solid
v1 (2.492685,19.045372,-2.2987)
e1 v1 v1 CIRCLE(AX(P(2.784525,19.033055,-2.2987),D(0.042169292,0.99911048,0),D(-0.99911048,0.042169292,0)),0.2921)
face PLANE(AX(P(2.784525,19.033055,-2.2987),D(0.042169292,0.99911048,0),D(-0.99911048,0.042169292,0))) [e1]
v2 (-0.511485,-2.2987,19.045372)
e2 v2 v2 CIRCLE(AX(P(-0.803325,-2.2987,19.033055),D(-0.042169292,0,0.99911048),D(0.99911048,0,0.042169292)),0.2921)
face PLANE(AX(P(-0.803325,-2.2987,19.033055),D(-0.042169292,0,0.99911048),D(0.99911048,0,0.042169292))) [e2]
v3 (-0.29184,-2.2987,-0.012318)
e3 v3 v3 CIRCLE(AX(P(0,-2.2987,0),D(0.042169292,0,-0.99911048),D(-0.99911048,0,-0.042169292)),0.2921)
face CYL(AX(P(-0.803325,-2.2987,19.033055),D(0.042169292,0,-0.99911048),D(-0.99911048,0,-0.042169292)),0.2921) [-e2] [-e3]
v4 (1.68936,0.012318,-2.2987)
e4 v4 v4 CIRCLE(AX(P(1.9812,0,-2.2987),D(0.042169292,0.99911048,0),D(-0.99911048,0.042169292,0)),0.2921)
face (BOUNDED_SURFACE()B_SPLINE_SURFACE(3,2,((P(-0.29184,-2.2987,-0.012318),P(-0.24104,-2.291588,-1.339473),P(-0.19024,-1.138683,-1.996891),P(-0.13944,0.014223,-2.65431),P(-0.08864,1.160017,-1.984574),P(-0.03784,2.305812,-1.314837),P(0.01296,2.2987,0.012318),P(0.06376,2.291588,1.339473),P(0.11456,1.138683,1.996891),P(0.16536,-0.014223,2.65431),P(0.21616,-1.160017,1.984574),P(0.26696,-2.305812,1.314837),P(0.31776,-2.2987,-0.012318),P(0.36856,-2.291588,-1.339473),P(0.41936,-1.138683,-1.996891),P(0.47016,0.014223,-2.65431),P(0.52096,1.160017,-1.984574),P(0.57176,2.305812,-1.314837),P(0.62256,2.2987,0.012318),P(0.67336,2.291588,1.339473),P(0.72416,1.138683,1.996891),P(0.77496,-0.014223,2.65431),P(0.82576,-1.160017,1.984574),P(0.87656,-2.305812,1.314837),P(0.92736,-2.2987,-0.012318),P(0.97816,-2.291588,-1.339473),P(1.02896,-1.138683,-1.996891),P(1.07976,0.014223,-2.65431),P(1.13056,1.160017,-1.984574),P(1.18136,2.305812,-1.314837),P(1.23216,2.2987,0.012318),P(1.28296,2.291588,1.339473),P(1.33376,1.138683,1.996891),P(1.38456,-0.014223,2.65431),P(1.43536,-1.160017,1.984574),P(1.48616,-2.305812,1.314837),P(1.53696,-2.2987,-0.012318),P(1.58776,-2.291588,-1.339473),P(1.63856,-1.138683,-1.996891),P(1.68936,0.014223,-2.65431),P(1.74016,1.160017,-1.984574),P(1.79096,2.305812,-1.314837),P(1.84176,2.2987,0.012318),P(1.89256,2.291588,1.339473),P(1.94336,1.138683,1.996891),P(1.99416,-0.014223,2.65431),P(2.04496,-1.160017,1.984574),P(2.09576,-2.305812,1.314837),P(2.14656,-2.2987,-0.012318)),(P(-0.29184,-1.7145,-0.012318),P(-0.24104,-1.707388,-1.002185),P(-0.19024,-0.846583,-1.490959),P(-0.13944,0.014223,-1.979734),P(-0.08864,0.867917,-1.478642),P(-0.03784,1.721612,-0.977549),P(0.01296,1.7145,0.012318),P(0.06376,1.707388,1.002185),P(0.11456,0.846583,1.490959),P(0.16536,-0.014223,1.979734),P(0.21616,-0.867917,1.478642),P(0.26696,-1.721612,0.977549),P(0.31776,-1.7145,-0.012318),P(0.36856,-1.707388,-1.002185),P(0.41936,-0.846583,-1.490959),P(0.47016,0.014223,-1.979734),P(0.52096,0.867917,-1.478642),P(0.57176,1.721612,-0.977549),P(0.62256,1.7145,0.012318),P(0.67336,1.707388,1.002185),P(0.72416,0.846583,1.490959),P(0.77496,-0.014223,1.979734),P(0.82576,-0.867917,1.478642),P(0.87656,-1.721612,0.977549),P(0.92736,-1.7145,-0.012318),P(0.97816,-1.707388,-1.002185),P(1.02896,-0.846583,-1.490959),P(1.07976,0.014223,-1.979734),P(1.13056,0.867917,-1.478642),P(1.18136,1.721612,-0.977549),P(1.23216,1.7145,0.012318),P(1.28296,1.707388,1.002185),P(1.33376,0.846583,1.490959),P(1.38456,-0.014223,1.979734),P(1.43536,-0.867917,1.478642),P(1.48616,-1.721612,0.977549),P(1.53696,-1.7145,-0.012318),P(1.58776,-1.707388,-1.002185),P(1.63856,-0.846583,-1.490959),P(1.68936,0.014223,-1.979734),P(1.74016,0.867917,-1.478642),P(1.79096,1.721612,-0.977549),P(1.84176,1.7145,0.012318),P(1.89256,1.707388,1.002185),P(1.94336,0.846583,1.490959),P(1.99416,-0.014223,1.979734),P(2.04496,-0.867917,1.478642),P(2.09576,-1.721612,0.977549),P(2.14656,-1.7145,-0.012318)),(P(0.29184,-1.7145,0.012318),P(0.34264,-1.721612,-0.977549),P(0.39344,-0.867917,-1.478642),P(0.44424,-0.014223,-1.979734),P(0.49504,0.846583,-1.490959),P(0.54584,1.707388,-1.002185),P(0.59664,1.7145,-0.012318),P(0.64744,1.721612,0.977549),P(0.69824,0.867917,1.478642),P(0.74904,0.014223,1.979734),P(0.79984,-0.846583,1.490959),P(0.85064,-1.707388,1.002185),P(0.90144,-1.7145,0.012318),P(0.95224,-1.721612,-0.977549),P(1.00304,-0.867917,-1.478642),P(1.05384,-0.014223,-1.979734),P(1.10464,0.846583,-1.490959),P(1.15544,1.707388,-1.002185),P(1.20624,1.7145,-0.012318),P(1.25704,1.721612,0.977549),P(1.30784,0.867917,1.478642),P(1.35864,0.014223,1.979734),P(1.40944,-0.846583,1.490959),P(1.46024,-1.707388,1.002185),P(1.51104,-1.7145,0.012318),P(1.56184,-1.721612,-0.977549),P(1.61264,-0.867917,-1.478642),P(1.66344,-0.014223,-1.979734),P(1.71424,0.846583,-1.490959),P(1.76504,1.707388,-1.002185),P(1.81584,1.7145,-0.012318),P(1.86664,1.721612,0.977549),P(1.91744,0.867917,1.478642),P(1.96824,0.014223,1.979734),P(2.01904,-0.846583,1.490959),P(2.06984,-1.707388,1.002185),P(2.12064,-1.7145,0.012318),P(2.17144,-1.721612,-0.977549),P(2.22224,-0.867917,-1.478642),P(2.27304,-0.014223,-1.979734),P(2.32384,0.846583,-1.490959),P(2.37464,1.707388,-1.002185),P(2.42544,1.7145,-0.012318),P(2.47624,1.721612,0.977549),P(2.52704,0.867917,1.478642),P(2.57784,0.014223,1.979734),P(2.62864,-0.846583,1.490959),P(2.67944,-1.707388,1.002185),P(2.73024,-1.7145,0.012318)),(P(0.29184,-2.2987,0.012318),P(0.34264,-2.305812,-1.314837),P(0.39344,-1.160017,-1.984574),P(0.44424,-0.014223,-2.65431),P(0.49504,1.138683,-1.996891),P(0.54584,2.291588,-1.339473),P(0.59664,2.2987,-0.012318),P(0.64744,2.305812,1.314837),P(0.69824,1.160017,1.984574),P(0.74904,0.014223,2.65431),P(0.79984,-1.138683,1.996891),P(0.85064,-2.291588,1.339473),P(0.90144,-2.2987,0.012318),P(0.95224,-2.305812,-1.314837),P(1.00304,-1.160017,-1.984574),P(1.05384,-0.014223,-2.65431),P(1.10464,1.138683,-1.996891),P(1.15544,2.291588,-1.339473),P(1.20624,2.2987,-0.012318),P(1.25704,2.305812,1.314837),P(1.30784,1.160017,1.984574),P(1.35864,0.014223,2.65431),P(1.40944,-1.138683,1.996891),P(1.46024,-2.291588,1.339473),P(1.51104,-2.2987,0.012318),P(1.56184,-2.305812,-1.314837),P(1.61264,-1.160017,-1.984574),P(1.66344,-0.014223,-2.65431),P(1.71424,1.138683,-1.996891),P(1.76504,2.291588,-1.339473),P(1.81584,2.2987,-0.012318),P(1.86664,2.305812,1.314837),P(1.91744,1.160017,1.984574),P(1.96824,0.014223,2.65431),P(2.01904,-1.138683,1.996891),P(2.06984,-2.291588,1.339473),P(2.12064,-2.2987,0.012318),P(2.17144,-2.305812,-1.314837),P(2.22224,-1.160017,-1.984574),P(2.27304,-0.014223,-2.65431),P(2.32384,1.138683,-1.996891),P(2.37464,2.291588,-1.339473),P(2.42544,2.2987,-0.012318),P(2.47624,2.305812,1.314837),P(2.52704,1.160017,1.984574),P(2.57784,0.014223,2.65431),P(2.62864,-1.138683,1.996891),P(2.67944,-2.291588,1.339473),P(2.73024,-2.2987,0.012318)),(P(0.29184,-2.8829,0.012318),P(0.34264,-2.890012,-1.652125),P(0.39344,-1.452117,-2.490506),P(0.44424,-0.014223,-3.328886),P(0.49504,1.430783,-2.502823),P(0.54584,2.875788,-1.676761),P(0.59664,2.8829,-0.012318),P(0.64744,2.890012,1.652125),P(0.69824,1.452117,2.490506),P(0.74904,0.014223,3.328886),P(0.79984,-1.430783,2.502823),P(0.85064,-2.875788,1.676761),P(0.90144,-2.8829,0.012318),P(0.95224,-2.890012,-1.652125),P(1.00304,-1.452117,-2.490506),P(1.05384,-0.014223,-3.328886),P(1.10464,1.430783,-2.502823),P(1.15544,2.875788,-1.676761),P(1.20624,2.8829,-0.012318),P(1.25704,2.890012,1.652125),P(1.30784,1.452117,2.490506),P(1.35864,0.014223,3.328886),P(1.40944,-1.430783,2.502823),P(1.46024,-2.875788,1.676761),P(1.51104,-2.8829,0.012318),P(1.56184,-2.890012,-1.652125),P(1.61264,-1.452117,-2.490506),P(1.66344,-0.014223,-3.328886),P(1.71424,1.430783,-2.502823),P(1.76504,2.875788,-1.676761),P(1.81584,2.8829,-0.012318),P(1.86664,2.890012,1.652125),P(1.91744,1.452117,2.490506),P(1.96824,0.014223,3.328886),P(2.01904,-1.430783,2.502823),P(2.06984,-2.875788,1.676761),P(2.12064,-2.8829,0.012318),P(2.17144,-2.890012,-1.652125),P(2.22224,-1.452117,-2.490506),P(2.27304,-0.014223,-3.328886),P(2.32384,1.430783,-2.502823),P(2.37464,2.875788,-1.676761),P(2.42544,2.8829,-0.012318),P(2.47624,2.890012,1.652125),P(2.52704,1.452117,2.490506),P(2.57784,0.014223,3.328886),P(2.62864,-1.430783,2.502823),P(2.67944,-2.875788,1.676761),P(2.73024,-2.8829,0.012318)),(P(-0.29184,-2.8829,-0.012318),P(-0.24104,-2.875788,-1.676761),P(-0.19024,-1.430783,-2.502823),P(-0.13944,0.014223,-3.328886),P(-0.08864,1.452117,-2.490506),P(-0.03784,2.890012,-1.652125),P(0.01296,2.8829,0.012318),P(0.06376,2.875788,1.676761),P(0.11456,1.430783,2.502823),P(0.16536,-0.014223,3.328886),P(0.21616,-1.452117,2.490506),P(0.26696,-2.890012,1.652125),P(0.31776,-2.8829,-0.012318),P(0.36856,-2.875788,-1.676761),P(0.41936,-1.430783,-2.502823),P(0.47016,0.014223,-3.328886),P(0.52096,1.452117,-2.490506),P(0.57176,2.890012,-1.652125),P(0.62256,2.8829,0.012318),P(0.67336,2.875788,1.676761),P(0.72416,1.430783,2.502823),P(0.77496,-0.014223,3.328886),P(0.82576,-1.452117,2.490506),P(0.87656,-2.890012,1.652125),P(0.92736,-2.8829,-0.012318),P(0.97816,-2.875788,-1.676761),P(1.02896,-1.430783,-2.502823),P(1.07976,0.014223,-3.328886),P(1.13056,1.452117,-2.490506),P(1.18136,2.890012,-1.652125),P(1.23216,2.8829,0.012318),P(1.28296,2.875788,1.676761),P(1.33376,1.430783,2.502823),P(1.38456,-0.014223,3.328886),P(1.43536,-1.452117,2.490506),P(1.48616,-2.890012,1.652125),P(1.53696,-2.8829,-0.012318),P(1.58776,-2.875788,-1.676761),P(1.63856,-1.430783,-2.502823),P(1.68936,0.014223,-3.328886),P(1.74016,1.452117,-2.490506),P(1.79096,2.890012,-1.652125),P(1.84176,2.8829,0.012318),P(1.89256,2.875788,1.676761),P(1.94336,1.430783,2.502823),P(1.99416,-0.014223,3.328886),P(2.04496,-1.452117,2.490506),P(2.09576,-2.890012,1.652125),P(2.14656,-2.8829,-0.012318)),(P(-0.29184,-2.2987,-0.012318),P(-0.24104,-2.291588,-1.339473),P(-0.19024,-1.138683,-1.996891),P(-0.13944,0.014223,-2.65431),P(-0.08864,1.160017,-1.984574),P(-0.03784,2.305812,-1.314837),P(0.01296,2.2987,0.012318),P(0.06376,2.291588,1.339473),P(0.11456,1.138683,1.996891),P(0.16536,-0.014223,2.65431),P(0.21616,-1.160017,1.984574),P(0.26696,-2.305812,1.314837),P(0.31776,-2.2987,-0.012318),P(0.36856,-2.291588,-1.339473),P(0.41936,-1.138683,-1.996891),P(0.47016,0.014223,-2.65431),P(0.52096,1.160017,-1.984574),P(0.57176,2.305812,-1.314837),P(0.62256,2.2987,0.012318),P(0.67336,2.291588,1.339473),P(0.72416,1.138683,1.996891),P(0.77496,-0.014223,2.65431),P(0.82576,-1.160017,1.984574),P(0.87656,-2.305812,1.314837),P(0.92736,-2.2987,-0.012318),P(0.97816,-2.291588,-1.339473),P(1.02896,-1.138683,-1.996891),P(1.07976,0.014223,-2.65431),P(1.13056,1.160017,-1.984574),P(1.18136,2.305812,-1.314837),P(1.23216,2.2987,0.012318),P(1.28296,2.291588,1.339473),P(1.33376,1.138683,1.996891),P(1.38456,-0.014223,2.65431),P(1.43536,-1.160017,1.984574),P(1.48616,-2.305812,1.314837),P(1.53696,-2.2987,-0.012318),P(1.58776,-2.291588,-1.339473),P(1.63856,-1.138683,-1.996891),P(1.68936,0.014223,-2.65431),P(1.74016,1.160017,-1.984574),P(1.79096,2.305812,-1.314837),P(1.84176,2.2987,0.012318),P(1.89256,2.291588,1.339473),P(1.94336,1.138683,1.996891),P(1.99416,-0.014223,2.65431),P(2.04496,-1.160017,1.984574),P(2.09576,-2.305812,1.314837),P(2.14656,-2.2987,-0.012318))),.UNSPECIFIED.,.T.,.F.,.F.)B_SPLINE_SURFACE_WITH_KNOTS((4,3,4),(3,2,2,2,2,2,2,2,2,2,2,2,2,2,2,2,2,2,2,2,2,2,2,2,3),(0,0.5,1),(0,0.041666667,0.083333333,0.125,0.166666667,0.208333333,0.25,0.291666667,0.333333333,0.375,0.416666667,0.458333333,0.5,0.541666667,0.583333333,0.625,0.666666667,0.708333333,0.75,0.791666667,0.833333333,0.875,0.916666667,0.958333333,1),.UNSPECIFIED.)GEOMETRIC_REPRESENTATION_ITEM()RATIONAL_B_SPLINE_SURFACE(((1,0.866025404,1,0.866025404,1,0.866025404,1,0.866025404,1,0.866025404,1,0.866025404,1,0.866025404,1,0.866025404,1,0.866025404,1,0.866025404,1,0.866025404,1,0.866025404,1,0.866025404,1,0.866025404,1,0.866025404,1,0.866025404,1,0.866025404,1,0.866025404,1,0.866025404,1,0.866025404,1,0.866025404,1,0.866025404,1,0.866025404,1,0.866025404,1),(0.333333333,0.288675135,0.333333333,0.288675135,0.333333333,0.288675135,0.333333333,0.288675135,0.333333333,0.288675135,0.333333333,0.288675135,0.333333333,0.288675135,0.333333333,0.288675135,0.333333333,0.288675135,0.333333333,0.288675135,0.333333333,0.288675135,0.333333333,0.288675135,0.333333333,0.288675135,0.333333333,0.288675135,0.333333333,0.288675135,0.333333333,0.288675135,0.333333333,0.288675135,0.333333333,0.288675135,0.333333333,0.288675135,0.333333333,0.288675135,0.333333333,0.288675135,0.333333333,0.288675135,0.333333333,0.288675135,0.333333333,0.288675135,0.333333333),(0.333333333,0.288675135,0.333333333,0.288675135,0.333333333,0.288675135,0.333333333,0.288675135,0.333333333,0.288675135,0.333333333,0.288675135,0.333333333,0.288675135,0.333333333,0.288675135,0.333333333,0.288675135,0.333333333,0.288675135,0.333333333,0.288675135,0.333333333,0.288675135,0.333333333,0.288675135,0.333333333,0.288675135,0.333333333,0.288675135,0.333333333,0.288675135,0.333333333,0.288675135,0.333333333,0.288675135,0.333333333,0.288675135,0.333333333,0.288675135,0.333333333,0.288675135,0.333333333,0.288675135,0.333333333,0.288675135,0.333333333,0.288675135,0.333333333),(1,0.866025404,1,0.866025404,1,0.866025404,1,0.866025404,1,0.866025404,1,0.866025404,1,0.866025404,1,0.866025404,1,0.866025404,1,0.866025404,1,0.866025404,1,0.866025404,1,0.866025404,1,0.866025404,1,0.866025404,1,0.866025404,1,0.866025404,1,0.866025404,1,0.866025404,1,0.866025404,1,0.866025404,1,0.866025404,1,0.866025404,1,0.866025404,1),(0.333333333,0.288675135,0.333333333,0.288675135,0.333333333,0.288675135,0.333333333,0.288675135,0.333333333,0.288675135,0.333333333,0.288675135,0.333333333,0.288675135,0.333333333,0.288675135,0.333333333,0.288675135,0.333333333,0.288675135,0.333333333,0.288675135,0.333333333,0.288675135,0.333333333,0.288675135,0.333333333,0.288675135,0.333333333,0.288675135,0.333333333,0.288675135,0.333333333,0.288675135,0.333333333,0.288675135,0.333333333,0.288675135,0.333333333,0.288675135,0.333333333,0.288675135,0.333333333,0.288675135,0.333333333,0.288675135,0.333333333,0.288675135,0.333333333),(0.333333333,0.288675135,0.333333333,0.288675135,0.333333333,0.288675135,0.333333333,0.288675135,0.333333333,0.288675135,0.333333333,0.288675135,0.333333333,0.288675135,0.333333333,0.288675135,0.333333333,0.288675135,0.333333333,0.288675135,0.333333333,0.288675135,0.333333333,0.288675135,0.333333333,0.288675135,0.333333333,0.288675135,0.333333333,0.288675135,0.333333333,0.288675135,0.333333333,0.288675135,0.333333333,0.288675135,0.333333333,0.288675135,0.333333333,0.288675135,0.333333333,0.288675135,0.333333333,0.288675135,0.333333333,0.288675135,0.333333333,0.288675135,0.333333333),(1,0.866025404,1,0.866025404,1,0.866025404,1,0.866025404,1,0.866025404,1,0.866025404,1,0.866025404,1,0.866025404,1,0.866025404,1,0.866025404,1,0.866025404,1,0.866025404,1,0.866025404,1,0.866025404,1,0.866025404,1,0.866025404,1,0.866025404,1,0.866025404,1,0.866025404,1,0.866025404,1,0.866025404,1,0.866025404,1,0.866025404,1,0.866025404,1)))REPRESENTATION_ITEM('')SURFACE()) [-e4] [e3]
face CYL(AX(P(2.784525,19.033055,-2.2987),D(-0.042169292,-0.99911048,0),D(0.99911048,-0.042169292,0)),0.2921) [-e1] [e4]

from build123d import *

# Parameters (mm, degrees)
SWEEP1_PITCH       = 0.6096
SWEEP1_HEIGHT      = 1.9812
SWEEP1_RADIUS      = 2.2987
SWEEP1_START_ANGLE = 90
SKETCH2_R          = 0.2921
SKETCH3_R          = 0.2921
EXTRUDE1_DEPTH     = 19.05
SKETCH4_R          = 0.2921
EXTRUDE2_DEPTH     = 19.05


with BuildPart() as part:
    # Sweep1: sweep along a helix
    with BuildLine() as sweep1_path:
        add(Helix(SWEEP1_PITCH, SWEEP1_HEIGHT, SWEEP1_RADIUS, center=(0, 0, 0), direction=(1, 0, 0), mode=Mode.PRIVATE).rotate(Axis((0, 0, 0), (1, 0, 0)), SWEEP1_START_ANGLE))
    # Sketch2 → Sweep1 (sweep)
    with BuildSketch(Plane(origin=(0, -2.2987, 0), x_dir=(0.995121779995382, 0.08926681293390738, 0.0420009415066539), z_dir=(0.04216929190356524, 1.1374581831979924e-14, -0.9991104797870715))):
        Circle(SKETCH2_R)
    sweep(path=sweep1_path.line, is_frenet=True)

    # Sketch3 → Extrude1 (add)
    with BuildSketch(Plane(origin=(0, 0, 0), x_dir=(-0.995121779995382, -0.08926681293390738, -0.0420009415066539), z_dir=(-0.04216929190356524, -1.1375449193717913e-14, 0.9991104797870715))):
        with Locations(Location((0.205197623, 2.289523013, 0), (0, 0, 354.87857121))):
            Circle(SKETCH3_R)
    extrude(amount=EXTRUDE1_DEPTH)

    # Sketch4 → Extrude2 (add)
    with BuildSketch(Plane(origin=(0.003523067, 0.083471485, 0), x_dir=(0.9951217799953831, -0.042000941506648015, -0.08926681293389828), z_dir=(0.04216929190356523, 0.9991104797870713, 5.494996818677933e-14))):
        with Locations(Location((2.176732893, 2.112824919, 0), (0, 0, 174.87857121))):
            Circle(SKETCH4_R)
    extrude(amount=EXTRUDE2_DEPTH)


solid = part.part
